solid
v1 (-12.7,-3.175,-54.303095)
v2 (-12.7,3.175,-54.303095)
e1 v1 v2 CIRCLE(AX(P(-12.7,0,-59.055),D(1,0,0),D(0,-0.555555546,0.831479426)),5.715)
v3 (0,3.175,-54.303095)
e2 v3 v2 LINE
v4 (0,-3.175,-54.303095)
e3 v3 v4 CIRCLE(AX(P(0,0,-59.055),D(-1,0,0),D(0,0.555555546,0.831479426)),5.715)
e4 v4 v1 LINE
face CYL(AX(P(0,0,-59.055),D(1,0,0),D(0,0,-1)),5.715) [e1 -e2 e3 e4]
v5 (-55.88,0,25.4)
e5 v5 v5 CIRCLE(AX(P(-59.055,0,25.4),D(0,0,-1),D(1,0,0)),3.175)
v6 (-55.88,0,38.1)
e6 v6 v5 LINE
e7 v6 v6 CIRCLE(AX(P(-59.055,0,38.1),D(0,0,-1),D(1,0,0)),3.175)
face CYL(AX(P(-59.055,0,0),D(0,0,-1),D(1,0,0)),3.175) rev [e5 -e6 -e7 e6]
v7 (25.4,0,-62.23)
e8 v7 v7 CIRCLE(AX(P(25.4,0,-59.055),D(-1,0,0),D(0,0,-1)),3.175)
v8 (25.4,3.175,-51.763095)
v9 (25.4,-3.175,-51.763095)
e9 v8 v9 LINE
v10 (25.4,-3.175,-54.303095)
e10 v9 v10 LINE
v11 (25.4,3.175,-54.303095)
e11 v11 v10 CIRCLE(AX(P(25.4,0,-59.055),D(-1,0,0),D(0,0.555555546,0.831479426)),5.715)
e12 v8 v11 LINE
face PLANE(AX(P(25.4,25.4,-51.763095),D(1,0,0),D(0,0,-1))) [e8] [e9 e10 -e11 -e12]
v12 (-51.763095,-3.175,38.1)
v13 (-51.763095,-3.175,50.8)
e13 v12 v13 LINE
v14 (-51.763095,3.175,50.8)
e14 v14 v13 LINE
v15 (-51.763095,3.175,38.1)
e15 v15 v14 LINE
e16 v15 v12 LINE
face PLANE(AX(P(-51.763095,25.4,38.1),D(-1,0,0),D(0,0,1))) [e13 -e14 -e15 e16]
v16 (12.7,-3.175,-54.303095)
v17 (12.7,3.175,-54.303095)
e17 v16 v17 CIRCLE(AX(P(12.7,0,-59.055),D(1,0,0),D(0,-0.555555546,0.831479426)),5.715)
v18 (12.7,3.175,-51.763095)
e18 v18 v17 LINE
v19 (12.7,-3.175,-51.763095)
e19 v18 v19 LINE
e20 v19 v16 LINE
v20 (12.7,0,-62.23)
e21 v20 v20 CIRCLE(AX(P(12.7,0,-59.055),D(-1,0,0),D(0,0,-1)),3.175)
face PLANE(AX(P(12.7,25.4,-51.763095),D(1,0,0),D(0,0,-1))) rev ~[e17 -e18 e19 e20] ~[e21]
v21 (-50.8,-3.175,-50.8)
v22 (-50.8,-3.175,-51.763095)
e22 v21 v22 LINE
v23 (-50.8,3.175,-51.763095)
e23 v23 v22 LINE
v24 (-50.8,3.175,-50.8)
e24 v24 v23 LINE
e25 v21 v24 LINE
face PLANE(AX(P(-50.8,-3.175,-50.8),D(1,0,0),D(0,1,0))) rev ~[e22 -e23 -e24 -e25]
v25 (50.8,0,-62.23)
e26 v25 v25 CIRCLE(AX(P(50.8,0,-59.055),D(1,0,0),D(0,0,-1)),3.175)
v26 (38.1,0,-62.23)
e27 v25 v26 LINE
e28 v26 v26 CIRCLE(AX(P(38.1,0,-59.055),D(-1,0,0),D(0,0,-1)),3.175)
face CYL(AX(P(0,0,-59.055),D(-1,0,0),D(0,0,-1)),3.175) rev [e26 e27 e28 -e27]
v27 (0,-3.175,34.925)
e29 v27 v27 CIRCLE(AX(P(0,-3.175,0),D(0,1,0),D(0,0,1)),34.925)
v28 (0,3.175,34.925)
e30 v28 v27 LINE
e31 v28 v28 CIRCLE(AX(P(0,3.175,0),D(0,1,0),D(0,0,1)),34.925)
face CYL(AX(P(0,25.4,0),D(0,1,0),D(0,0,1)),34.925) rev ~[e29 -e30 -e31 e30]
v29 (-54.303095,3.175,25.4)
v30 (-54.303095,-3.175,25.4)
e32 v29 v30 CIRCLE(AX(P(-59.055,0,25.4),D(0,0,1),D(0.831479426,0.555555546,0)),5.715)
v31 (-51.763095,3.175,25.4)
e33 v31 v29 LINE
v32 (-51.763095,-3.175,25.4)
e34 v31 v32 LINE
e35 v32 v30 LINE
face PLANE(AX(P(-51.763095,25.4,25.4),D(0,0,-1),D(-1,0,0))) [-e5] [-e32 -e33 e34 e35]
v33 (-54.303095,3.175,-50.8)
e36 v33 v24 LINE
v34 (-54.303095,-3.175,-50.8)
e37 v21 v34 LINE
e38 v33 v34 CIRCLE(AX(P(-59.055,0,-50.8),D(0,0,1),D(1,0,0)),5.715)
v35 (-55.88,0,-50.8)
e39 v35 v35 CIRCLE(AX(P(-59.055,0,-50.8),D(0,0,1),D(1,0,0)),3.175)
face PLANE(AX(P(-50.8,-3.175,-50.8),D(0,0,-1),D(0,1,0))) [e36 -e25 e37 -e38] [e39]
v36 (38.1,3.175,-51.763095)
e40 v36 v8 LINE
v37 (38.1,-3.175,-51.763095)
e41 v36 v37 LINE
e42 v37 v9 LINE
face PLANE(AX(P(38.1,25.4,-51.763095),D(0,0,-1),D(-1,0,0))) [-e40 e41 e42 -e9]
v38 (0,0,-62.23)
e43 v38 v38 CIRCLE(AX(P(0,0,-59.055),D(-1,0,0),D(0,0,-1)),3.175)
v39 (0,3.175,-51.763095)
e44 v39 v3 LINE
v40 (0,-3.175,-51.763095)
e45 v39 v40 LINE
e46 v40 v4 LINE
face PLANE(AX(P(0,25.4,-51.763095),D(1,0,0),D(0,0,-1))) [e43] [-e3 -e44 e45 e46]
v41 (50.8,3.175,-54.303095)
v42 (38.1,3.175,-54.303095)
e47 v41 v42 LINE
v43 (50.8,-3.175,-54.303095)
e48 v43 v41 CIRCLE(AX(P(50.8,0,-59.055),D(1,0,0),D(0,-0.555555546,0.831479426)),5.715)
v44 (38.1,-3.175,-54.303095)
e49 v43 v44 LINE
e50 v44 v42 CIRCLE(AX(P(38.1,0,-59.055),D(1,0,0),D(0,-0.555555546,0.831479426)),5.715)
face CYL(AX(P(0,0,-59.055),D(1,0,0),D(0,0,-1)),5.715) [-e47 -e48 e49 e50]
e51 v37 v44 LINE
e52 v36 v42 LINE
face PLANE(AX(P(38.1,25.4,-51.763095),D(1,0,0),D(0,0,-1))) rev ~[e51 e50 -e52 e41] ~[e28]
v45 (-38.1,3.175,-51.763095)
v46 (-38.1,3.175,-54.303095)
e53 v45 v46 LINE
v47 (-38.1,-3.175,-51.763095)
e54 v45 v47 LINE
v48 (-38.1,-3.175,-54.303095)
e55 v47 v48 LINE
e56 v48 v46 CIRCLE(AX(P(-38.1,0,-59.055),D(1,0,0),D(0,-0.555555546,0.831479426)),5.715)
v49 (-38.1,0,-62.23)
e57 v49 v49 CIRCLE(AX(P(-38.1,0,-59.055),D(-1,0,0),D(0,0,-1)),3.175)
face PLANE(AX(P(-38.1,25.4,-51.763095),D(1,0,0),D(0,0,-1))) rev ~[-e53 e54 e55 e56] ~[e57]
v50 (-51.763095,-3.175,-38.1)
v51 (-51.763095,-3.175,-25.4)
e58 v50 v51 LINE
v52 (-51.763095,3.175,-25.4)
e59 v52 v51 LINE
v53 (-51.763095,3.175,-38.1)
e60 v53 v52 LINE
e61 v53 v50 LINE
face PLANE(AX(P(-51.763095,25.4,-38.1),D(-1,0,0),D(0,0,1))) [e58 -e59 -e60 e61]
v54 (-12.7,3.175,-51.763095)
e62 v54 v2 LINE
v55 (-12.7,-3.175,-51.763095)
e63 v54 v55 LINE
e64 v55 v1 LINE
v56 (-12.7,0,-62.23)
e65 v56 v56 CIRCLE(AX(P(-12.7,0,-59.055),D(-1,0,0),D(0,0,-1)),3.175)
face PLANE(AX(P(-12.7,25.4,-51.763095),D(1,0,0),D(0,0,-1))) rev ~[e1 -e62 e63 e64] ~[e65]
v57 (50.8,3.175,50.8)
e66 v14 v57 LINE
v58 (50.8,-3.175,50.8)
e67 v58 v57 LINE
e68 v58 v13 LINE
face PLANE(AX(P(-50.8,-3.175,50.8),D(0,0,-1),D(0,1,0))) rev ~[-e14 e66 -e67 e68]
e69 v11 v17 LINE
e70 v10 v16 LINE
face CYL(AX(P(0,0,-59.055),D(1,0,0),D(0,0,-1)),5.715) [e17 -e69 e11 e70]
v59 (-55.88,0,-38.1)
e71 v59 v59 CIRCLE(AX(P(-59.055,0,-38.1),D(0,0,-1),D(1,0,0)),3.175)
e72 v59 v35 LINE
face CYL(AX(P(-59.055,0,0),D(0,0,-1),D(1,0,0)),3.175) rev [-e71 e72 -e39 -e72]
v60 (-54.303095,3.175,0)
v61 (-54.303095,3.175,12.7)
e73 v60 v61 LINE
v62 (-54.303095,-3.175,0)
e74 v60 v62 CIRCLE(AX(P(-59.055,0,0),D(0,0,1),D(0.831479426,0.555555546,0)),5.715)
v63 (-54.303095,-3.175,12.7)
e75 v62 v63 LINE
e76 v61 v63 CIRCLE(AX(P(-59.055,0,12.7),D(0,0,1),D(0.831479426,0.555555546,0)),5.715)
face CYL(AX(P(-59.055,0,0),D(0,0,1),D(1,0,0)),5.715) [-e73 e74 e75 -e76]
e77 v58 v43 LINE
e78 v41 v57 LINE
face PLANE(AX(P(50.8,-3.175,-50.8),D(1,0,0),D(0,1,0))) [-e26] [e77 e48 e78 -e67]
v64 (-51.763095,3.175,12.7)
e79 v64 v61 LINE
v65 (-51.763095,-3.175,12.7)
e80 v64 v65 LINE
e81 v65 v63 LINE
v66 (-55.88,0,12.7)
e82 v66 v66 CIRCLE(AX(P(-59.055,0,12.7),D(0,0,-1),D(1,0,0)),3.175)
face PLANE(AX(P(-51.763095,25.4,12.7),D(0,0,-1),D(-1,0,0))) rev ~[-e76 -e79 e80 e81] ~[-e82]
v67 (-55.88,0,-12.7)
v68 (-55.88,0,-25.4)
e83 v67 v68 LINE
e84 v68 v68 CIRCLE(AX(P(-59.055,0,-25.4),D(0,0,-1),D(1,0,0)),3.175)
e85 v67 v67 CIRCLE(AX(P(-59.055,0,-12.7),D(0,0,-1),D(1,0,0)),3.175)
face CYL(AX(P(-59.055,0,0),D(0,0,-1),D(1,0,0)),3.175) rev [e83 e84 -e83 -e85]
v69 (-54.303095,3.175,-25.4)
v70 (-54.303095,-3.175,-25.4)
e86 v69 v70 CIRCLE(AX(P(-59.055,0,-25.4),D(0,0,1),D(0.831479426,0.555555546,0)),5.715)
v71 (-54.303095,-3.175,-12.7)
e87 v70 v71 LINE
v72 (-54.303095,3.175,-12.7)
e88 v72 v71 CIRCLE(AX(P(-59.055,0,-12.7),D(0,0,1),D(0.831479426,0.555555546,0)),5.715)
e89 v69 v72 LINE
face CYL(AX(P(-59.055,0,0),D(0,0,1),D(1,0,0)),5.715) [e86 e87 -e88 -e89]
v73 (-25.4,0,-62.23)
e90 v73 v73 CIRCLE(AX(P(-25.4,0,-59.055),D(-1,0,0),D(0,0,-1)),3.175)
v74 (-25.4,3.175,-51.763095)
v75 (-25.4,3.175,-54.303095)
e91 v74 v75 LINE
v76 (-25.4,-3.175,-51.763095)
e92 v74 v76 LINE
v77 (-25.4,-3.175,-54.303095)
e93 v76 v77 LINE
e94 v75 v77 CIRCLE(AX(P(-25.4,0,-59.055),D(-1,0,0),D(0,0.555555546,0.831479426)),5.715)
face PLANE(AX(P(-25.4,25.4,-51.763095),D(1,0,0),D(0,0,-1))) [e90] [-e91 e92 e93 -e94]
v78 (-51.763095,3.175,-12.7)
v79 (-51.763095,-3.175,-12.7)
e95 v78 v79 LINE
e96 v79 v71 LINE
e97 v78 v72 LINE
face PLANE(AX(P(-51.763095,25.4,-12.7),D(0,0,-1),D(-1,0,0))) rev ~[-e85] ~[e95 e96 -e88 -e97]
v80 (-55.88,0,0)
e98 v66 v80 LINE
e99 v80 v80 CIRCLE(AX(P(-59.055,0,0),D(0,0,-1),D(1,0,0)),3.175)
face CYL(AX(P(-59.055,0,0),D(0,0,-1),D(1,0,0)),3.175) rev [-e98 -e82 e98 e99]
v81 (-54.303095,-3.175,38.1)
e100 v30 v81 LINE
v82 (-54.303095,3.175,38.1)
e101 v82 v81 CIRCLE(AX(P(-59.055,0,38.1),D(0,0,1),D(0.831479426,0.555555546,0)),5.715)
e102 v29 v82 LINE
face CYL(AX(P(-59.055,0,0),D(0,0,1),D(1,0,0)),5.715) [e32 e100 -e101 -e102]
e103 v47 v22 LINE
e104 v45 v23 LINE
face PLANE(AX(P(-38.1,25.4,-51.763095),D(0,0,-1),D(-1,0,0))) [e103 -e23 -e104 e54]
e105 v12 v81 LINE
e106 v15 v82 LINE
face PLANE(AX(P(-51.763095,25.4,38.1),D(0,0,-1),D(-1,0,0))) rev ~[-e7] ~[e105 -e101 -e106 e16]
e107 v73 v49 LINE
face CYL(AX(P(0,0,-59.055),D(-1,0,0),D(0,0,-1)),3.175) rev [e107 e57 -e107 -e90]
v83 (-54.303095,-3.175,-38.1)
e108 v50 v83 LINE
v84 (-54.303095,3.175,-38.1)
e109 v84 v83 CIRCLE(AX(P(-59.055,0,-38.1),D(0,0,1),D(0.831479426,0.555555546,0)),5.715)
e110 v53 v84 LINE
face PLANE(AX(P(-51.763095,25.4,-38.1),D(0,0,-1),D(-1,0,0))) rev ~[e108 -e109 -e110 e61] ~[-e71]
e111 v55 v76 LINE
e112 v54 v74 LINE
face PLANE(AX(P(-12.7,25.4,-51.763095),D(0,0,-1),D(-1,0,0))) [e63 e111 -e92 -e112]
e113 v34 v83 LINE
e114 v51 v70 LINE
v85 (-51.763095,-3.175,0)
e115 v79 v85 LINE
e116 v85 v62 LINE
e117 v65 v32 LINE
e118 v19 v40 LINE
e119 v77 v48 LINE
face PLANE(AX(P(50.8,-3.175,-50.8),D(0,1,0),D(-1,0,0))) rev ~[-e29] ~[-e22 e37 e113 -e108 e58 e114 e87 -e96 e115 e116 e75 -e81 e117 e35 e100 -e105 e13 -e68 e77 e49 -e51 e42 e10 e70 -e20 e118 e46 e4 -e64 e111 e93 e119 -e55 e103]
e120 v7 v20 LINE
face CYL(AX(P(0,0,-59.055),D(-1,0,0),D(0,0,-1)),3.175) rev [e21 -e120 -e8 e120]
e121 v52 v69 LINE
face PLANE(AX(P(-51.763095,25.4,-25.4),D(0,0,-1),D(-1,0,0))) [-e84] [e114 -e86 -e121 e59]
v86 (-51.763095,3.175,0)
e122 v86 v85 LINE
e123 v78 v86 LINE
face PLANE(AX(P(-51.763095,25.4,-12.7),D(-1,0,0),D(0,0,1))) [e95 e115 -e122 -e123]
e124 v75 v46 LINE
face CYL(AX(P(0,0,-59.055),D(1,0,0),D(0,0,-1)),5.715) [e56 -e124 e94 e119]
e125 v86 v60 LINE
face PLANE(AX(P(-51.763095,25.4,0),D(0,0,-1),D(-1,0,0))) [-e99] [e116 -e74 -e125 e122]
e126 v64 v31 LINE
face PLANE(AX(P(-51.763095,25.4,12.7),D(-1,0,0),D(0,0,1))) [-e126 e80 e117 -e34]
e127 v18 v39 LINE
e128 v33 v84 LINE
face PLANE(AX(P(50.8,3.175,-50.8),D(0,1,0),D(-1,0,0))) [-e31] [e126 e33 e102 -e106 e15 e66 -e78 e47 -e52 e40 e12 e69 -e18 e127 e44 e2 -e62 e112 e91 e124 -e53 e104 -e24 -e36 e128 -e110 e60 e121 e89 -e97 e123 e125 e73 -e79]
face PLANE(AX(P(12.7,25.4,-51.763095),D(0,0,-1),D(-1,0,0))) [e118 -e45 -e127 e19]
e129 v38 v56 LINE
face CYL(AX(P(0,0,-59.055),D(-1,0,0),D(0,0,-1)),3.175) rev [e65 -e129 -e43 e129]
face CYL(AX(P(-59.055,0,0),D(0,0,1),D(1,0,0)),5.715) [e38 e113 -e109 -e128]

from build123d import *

# Parameters (mm, degrees)
SKETCH1_W                                 = 101.6
SKETCH1_H                                 = 101.6
BASE_EXTRUDE_DEPTH                        = 3.175
SKETCH9_R                                 = 34.925
CENTER_HOLE_DEPTH                         = 29.575
SKETCH2_R                                 = 5.715
SKETCH2_R_2                               = 3.175
LEFT_HINGE_BASE_DEPTH                     = 50.8
LEFT_HINGE_BASE_DEPTH_BACK                = 50.8
SKETCH2_3_R                               = 3.175
LEFT_HINGE_CUT_DEPTH                      = 50.8
LEFT_HINGE_CUT_DEPTH_BACK                 = 50.8
SKETCH3_W                                 = 101.6
SKETCH3_H                                 = 6.35
LEFT_HINGE_EXTENSION_DEPTH                = 3.503095
SKETCH4_R                                 = 5.715
SKETCH4_R_2                               = 3.175
BACK_HINGE_BASE_DEPTH                     = 50.8
BACK_HINGE_BASE_DEPTH_BACK                = 50.8
SKETCH4_3_R                               = 3.175
BACK_HINGE_CUT_DEPTH                      = 50.8
BACK_HINGE_CUT_DEPTH_BACK                 = 50.8
SKETCH7_W                                 = 101.6
SKETCH7_H                                 = 6.35
BACK_HINGE_EXTENSION_DEPTH                = 3.503095
SKETCH8_W                                 = 13.006904881
SKETCH8_H                                 = 12.7
HINGE_CUT_LEFT_DEPTH                      = 32.115
HINGE_CUT_LEFT_LPATTERN_COUNT             = 4
HINGE_CUT_LEFT_LPATTERN_PITCH             = 25.4
HINGE_CUT_BACK_CIRPATTERN_COUNT           = 2
HINGE_CUT_BACK_CIRPATTERN_ANGLE           = 90
HINGE_CUT_BACK_CIRPATTERN_COPY_1_SKETCH_W = 13.006904881
HINGE_CUT_BACK_CIRPATTERN_COPY_1_SKETCH_H = 12.7
HINGE_CUT_BACK_CIRPATTERN_COPY_1_DEPTH    = 32.115
HINGE_CUT_BACK_CIRPATTERN_COPY_2_SKETCH_W = 13.006904881
HINGE_CUT_BACK_CIRPATTERN_COPY_2_SKETCH_H = 12.7
HINGE_CUT_BACK_CIRPATTERN_COPY_2_DEPTH    = 32.115
HINGE_CUT_BACK_CIRPATTERN_COPY_3_SKETCH_W = 13.006904881
HINGE_CUT_BACK_CIRPATTERN_COPY_3_SKETCH_H = 12.7
HINGE_CUT_BACK_CIRPATTERN_COPY_3_DEPTH    = 32.115
CIRPATTERN2_COPY_1_SKETCH_W               = 13.006904881
CIRPATTERN2_COPY_1_SKETCH_H               = 12.7
CIRPATTERN2_COPY_1_DEPTH                  = 32.115
CIRPATTERN2_COPY_2_SKETCH_W               = 13.006904881
CIRPATTERN2_COPY_2_SKETCH_H               = 12.7
CIRPATTERN2_COPY_2_DEPTH                  = 32.115
CIRPATTERN2_COPY_3_SKETCH_W               = 13.006904881
CIRPATTERN2_COPY_3_SKETCH_H               = 12.7
CIRPATTERN2_COPY_3_DEPTH                  = 32.115
CIRPATTERN2_COPY_4_SKETCH_W               = 13.006904881
CIRPATTERN2_COPY_4_SKETCH_H               = 12.7
CIRPATTERN2_COPY_4_DEPTH                  = 32.115


with BuildPart() as part:
    # Sketch1 → Base Extrude (new body, symmetric)
    with BuildSketch(Plane(origin=(0, 0, 0), x_dir=(1, 0, 0), z_dir=(0, 1, 0))):
        Rectangle(SKETCH1_W, SKETCH1_H)
    extrude(amount=BASE_EXTRUDE_DEPTH, both=True)

    # Sketch9 → Center Hole (cut, through all)
    with BuildSketch(Plane(origin=(0, 25.4, 0), x_dir=(-1, 0, 0), z_dir=(0, 1, 0))):
        with Locations(Location((0, 0, 0), (0, 0, 90))):  # turned: the seam where the file's is
            Circle(SKETCH9_R)
    extrude(amount=-CENTER_HOLE_DEPTH, mode=Mode.SUBTRACT)



with BuildPart() as body_2:
    # Sketch2 → Left Hinge Base (new body, two sides)
    with BuildSketch(Plane.XY) as left_hinge_base_sk:
        with Locations((-59.055, 0)):
            Circle(SKETCH2_R)
        with Locations((-59.055, 0)):
            Circle(SKETCH2_R_2, mode=Mode.SUBTRACT)
        with Locations((-59.055, 0)):
            Circle(SKETCH2_R_2)
    extrude(amount=LEFT_HINGE_BASE_DEPTH)
    extrude(left_hinge_base_sk.sketch, amount=-LEFT_HINGE_BASE_DEPTH_BACK)

    # Sketch2_3 → Left Hinge Cut (cut, two sides)
    with BuildSketch(Plane.XY) as left_hinge_cut_sk:
        with Locations((-59.055, 0)):
            Circle(SKETCH2_3_R)
    extrude(amount=LEFT_HINGE_CUT_DEPTH, mode=Mode.SUBTRACT)
    extrude(left_hinge_cut_sk.sketch, amount=-LEFT_HINGE_CUT_DEPTH_BACK, mode=Mode.SUBTRACT)


with BuildPart() as part_1:
    add(part.part)

    add(body_2.part)  # Left Hinge Extension merges body 2
    # Sketch3 → Left Hinge Extension (add)
    with BuildSketch(Plane.ZY.offset(50.8)):
        Rectangle(SKETCH3_W, SKETCH3_H)
    extrude(amount=LEFT_HINGE_EXTENSION_DEPTH)



with BuildPart() as body_2_2:
    # Sketch4 → Back Hinge Base (new body, two sides)
    with BuildSketch(Plane(origin=(0, 0, 0), x_dir=(0, 0, -1), z_dir=(1, 0, 0))) as back_hinge_base_sk:
        with Locations((59.055, 0)):
            Circle(SKETCH4_R)
        with Locations((59.055, 0)):
            Circle(SKETCH4_R_2, mode=Mode.SUBTRACT)
        with Locations((59.055, 0)):
            Circle(SKETCH4_R_2)
    extrude(amount=BACK_HINGE_BASE_DEPTH)
    extrude(back_hinge_base_sk.sketch, amount=-BACK_HINGE_BASE_DEPTH_BACK)

    # Sketch4_3 → Back Hinge Cut (cut, two sides)
    with BuildSketch(Plane(origin=(0, 0, 0), x_dir=(0, 0, -1), z_dir=(1, 0, 0))) as back_hinge_cut_sk:
        with Locations((59.055, 0)):
            Circle(SKETCH4_3_R)
    extrude(amount=BACK_HINGE_CUT_DEPTH, mode=Mode.SUBTRACT)
    extrude(back_hinge_cut_sk.sketch, amount=-BACK_HINGE_CUT_DEPTH_BACK, mode=Mode.SUBTRACT)


with BuildPart() as part_2:
    add(part_1.part)

    add(body_2_2.part)  # Back Hinge Extension merges body 2 2
    # Sketch7 → Back Hinge Extension (add)
    with BuildSketch(Plane(origin=(0, 0, -50.8), x_dir=(-1, 0, 0), z_dir=(0, 0, -1))):
        Rectangle(SKETCH7_W, SKETCH7_H)
    extrude(amount=BACK_HINGE_EXTENSION_DEPTH)

    # Sketch8 → Hinge Cut Left (cut, through all)
    with BuildSketch(Plane(origin=(0, 25.4, 0), x_dir=(-1, 0, 0), z_dir=(0, 1, 0))):
        with Locations((58.26654756, 44.45)):
            Rectangle(SKETCH8_W, SKETCH8_H)
    hinge_cut_left = extrude(amount=-HINGE_CUT_LEFT_DEPTH, mode=Mode.SUBTRACT)

    # Hinge Cut Left LPattern: Hinge Cut Left ×4
    with Locations(*[(0, 0, -i * HINGE_CUT_LEFT_LPATTERN_PITCH) for i in range(1, HINGE_CUT_LEFT_LPATTERN_COUNT)]):
        add(hinge_cut_left, mode=Mode.SUBTRACT)

    # Hinge Cut Back CirPattern: Hinge Cut Left ×2 about axis
    hinge_cut_back_cirpattern_axis = Axis((0, 0, 0), (0, -1, 0))
    for i in range(1, HINGE_CUT_BACK_CIRPATTERN_COUNT):
        add(hinge_cut_left.rotate(hinge_cut_back_cirpattern_axis, i * HINGE_CUT_BACK_CIRPATTERN_ANGLE / (HINGE_CUT_BACK_CIRPATTERN_COUNT - 1)), mode=Mode.SUBTRACT)

    # Hinge Cut Back CirPattern copy 1 sketch → Hinge Cut Back CirPattern copy 1 (cut, through all)
    with BuildSketch(Plane(origin=(25.4, 25.4, 0), x_dir=(0, 0, -1), z_dir=(0, 1, 0))):
        with Locations((58.26654756, 44.45)):
            Rectangle(HINGE_CUT_BACK_CIRPATTERN_COPY_1_SKETCH_W, HINGE_CUT_BACK_CIRPATTERN_COPY_1_SKETCH_H)
    extrude(amount=-HINGE_CUT_BACK_CIRPATTERN_COPY_1_DEPTH, mode=Mode.SUBTRACT)

    # Hinge Cut Back CirPattern copy 2 sketch → Hinge Cut Back CirPattern copy 2 (cut, through all)
    with BuildSketch(Plane(origin=(50.8, 25.4, 0), x_dir=(0, 0, -1), z_dir=(0, 1, 0))):
        with Locations((58.26654756, 44.45)):
            Rectangle(HINGE_CUT_BACK_CIRPATTERN_COPY_2_SKETCH_W, HINGE_CUT_BACK_CIRPATTERN_COPY_2_SKETCH_H)
    extrude(amount=-HINGE_CUT_BACK_CIRPATTERN_COPY_2_DEPTH, mode=Mode.SUBTRACT)

    # Hinge Cut Back CirPattern copy 3 sketch → Hinge Cut Back CirPattern copy 3 (cut, through all)
    with BuildSketch(Plane(origin=(76.2, 25.4, 0), x_dir=(0, 0, -1), z_dir=(0, 1, 0))):
        with Locations((58.26654756, 44.45)):
            Rectangle(HINGE_CUT_BACK_CIRPATTERN_COPY_3_SKETCH_W, HINGE_CUT_BACK_CIRPATTERN_COPY_3_SKETCH_H)
    extrude(amount=-HINGE_CUT_BACK_CIRPATTERN_COPY_3_DEPTH, mode=Mode.SUBTRACT)

    # CirPattern2 copy 1 sketch → CirPattern2 copy 1 (cut, through all)
    with BuildSketch(Plane(origin=(0, 25.4, 25.4), x_dir=(1, 0, 0), z_dir=(0, 1, 0))):
        with Locations((58.26654756, 44.45)):
            Rectangle(CIRPATTERN2_COPY_1_SKETCH_W, CIRPATTERN2_COPY_1_SKETCH_H)
    extrude(amount=-CIRPATTERN2_COPY_1_DEPTH, mode=Mode.SUBTRACT)

    # CirPattern2 copy 2 sketch → CirPattern2 copy 2 (cut, through all)
    with BuildSketch(Plane(origin=(0, 25.4, 50.8), x_dir=(1, 0, 0), z_dir=(0, 1, 0))):
        with Locations((58.26654756, 44.45)):
            Rectangle(CIRPATTERN2_COPY_2_SKETCH_W, CIRPATTERN2_COPY_2_SKETCH_H)
    extrude(amount=-CIRPATTERN2_COPY_2_DEPTH, mode=Mode.SUBTRACT)

    # CirPattern2 copy 3 sketch → CirPattern2 copy 3 (cut, through all)
    with BuildSketch(Plane(origin=(0, 25.4, 76.2), x_dir=(1, 0, 0), z_dir=(0, 1, 0))):
        with Locations((58.26654756, 44.45)):
            Rectangle(CIRPATTERN2_COPY_3_SKETCH_W, CIRPATTERN2_COPY_3_SKETCH_H)
    extrude(amount=-CIRPATTERN2_COPY_3_DEPTH, mode=Mode.SUBTRACT)

    # CirPattern2 copy 4 sketch → CirPattern2 copy 4 (cut, through all)
    with BuildSketch(Plane(origin=(0, 25.4, 0), x_dir=(1, 0, 0), z_dir=(0, 1, 0))):
        with Locations((58.26654756, 44.45)):
            Rectangle(CIRPATTERN2_COPY_4_SKETCH_W, CIRPATTERN2_COPY_4_SKETCH_H)
    extrude(amount=-CIRPATTERN2_COPY_4_DEPTH, mode=Mode.SUBTRACT)


solid = part_2.part
